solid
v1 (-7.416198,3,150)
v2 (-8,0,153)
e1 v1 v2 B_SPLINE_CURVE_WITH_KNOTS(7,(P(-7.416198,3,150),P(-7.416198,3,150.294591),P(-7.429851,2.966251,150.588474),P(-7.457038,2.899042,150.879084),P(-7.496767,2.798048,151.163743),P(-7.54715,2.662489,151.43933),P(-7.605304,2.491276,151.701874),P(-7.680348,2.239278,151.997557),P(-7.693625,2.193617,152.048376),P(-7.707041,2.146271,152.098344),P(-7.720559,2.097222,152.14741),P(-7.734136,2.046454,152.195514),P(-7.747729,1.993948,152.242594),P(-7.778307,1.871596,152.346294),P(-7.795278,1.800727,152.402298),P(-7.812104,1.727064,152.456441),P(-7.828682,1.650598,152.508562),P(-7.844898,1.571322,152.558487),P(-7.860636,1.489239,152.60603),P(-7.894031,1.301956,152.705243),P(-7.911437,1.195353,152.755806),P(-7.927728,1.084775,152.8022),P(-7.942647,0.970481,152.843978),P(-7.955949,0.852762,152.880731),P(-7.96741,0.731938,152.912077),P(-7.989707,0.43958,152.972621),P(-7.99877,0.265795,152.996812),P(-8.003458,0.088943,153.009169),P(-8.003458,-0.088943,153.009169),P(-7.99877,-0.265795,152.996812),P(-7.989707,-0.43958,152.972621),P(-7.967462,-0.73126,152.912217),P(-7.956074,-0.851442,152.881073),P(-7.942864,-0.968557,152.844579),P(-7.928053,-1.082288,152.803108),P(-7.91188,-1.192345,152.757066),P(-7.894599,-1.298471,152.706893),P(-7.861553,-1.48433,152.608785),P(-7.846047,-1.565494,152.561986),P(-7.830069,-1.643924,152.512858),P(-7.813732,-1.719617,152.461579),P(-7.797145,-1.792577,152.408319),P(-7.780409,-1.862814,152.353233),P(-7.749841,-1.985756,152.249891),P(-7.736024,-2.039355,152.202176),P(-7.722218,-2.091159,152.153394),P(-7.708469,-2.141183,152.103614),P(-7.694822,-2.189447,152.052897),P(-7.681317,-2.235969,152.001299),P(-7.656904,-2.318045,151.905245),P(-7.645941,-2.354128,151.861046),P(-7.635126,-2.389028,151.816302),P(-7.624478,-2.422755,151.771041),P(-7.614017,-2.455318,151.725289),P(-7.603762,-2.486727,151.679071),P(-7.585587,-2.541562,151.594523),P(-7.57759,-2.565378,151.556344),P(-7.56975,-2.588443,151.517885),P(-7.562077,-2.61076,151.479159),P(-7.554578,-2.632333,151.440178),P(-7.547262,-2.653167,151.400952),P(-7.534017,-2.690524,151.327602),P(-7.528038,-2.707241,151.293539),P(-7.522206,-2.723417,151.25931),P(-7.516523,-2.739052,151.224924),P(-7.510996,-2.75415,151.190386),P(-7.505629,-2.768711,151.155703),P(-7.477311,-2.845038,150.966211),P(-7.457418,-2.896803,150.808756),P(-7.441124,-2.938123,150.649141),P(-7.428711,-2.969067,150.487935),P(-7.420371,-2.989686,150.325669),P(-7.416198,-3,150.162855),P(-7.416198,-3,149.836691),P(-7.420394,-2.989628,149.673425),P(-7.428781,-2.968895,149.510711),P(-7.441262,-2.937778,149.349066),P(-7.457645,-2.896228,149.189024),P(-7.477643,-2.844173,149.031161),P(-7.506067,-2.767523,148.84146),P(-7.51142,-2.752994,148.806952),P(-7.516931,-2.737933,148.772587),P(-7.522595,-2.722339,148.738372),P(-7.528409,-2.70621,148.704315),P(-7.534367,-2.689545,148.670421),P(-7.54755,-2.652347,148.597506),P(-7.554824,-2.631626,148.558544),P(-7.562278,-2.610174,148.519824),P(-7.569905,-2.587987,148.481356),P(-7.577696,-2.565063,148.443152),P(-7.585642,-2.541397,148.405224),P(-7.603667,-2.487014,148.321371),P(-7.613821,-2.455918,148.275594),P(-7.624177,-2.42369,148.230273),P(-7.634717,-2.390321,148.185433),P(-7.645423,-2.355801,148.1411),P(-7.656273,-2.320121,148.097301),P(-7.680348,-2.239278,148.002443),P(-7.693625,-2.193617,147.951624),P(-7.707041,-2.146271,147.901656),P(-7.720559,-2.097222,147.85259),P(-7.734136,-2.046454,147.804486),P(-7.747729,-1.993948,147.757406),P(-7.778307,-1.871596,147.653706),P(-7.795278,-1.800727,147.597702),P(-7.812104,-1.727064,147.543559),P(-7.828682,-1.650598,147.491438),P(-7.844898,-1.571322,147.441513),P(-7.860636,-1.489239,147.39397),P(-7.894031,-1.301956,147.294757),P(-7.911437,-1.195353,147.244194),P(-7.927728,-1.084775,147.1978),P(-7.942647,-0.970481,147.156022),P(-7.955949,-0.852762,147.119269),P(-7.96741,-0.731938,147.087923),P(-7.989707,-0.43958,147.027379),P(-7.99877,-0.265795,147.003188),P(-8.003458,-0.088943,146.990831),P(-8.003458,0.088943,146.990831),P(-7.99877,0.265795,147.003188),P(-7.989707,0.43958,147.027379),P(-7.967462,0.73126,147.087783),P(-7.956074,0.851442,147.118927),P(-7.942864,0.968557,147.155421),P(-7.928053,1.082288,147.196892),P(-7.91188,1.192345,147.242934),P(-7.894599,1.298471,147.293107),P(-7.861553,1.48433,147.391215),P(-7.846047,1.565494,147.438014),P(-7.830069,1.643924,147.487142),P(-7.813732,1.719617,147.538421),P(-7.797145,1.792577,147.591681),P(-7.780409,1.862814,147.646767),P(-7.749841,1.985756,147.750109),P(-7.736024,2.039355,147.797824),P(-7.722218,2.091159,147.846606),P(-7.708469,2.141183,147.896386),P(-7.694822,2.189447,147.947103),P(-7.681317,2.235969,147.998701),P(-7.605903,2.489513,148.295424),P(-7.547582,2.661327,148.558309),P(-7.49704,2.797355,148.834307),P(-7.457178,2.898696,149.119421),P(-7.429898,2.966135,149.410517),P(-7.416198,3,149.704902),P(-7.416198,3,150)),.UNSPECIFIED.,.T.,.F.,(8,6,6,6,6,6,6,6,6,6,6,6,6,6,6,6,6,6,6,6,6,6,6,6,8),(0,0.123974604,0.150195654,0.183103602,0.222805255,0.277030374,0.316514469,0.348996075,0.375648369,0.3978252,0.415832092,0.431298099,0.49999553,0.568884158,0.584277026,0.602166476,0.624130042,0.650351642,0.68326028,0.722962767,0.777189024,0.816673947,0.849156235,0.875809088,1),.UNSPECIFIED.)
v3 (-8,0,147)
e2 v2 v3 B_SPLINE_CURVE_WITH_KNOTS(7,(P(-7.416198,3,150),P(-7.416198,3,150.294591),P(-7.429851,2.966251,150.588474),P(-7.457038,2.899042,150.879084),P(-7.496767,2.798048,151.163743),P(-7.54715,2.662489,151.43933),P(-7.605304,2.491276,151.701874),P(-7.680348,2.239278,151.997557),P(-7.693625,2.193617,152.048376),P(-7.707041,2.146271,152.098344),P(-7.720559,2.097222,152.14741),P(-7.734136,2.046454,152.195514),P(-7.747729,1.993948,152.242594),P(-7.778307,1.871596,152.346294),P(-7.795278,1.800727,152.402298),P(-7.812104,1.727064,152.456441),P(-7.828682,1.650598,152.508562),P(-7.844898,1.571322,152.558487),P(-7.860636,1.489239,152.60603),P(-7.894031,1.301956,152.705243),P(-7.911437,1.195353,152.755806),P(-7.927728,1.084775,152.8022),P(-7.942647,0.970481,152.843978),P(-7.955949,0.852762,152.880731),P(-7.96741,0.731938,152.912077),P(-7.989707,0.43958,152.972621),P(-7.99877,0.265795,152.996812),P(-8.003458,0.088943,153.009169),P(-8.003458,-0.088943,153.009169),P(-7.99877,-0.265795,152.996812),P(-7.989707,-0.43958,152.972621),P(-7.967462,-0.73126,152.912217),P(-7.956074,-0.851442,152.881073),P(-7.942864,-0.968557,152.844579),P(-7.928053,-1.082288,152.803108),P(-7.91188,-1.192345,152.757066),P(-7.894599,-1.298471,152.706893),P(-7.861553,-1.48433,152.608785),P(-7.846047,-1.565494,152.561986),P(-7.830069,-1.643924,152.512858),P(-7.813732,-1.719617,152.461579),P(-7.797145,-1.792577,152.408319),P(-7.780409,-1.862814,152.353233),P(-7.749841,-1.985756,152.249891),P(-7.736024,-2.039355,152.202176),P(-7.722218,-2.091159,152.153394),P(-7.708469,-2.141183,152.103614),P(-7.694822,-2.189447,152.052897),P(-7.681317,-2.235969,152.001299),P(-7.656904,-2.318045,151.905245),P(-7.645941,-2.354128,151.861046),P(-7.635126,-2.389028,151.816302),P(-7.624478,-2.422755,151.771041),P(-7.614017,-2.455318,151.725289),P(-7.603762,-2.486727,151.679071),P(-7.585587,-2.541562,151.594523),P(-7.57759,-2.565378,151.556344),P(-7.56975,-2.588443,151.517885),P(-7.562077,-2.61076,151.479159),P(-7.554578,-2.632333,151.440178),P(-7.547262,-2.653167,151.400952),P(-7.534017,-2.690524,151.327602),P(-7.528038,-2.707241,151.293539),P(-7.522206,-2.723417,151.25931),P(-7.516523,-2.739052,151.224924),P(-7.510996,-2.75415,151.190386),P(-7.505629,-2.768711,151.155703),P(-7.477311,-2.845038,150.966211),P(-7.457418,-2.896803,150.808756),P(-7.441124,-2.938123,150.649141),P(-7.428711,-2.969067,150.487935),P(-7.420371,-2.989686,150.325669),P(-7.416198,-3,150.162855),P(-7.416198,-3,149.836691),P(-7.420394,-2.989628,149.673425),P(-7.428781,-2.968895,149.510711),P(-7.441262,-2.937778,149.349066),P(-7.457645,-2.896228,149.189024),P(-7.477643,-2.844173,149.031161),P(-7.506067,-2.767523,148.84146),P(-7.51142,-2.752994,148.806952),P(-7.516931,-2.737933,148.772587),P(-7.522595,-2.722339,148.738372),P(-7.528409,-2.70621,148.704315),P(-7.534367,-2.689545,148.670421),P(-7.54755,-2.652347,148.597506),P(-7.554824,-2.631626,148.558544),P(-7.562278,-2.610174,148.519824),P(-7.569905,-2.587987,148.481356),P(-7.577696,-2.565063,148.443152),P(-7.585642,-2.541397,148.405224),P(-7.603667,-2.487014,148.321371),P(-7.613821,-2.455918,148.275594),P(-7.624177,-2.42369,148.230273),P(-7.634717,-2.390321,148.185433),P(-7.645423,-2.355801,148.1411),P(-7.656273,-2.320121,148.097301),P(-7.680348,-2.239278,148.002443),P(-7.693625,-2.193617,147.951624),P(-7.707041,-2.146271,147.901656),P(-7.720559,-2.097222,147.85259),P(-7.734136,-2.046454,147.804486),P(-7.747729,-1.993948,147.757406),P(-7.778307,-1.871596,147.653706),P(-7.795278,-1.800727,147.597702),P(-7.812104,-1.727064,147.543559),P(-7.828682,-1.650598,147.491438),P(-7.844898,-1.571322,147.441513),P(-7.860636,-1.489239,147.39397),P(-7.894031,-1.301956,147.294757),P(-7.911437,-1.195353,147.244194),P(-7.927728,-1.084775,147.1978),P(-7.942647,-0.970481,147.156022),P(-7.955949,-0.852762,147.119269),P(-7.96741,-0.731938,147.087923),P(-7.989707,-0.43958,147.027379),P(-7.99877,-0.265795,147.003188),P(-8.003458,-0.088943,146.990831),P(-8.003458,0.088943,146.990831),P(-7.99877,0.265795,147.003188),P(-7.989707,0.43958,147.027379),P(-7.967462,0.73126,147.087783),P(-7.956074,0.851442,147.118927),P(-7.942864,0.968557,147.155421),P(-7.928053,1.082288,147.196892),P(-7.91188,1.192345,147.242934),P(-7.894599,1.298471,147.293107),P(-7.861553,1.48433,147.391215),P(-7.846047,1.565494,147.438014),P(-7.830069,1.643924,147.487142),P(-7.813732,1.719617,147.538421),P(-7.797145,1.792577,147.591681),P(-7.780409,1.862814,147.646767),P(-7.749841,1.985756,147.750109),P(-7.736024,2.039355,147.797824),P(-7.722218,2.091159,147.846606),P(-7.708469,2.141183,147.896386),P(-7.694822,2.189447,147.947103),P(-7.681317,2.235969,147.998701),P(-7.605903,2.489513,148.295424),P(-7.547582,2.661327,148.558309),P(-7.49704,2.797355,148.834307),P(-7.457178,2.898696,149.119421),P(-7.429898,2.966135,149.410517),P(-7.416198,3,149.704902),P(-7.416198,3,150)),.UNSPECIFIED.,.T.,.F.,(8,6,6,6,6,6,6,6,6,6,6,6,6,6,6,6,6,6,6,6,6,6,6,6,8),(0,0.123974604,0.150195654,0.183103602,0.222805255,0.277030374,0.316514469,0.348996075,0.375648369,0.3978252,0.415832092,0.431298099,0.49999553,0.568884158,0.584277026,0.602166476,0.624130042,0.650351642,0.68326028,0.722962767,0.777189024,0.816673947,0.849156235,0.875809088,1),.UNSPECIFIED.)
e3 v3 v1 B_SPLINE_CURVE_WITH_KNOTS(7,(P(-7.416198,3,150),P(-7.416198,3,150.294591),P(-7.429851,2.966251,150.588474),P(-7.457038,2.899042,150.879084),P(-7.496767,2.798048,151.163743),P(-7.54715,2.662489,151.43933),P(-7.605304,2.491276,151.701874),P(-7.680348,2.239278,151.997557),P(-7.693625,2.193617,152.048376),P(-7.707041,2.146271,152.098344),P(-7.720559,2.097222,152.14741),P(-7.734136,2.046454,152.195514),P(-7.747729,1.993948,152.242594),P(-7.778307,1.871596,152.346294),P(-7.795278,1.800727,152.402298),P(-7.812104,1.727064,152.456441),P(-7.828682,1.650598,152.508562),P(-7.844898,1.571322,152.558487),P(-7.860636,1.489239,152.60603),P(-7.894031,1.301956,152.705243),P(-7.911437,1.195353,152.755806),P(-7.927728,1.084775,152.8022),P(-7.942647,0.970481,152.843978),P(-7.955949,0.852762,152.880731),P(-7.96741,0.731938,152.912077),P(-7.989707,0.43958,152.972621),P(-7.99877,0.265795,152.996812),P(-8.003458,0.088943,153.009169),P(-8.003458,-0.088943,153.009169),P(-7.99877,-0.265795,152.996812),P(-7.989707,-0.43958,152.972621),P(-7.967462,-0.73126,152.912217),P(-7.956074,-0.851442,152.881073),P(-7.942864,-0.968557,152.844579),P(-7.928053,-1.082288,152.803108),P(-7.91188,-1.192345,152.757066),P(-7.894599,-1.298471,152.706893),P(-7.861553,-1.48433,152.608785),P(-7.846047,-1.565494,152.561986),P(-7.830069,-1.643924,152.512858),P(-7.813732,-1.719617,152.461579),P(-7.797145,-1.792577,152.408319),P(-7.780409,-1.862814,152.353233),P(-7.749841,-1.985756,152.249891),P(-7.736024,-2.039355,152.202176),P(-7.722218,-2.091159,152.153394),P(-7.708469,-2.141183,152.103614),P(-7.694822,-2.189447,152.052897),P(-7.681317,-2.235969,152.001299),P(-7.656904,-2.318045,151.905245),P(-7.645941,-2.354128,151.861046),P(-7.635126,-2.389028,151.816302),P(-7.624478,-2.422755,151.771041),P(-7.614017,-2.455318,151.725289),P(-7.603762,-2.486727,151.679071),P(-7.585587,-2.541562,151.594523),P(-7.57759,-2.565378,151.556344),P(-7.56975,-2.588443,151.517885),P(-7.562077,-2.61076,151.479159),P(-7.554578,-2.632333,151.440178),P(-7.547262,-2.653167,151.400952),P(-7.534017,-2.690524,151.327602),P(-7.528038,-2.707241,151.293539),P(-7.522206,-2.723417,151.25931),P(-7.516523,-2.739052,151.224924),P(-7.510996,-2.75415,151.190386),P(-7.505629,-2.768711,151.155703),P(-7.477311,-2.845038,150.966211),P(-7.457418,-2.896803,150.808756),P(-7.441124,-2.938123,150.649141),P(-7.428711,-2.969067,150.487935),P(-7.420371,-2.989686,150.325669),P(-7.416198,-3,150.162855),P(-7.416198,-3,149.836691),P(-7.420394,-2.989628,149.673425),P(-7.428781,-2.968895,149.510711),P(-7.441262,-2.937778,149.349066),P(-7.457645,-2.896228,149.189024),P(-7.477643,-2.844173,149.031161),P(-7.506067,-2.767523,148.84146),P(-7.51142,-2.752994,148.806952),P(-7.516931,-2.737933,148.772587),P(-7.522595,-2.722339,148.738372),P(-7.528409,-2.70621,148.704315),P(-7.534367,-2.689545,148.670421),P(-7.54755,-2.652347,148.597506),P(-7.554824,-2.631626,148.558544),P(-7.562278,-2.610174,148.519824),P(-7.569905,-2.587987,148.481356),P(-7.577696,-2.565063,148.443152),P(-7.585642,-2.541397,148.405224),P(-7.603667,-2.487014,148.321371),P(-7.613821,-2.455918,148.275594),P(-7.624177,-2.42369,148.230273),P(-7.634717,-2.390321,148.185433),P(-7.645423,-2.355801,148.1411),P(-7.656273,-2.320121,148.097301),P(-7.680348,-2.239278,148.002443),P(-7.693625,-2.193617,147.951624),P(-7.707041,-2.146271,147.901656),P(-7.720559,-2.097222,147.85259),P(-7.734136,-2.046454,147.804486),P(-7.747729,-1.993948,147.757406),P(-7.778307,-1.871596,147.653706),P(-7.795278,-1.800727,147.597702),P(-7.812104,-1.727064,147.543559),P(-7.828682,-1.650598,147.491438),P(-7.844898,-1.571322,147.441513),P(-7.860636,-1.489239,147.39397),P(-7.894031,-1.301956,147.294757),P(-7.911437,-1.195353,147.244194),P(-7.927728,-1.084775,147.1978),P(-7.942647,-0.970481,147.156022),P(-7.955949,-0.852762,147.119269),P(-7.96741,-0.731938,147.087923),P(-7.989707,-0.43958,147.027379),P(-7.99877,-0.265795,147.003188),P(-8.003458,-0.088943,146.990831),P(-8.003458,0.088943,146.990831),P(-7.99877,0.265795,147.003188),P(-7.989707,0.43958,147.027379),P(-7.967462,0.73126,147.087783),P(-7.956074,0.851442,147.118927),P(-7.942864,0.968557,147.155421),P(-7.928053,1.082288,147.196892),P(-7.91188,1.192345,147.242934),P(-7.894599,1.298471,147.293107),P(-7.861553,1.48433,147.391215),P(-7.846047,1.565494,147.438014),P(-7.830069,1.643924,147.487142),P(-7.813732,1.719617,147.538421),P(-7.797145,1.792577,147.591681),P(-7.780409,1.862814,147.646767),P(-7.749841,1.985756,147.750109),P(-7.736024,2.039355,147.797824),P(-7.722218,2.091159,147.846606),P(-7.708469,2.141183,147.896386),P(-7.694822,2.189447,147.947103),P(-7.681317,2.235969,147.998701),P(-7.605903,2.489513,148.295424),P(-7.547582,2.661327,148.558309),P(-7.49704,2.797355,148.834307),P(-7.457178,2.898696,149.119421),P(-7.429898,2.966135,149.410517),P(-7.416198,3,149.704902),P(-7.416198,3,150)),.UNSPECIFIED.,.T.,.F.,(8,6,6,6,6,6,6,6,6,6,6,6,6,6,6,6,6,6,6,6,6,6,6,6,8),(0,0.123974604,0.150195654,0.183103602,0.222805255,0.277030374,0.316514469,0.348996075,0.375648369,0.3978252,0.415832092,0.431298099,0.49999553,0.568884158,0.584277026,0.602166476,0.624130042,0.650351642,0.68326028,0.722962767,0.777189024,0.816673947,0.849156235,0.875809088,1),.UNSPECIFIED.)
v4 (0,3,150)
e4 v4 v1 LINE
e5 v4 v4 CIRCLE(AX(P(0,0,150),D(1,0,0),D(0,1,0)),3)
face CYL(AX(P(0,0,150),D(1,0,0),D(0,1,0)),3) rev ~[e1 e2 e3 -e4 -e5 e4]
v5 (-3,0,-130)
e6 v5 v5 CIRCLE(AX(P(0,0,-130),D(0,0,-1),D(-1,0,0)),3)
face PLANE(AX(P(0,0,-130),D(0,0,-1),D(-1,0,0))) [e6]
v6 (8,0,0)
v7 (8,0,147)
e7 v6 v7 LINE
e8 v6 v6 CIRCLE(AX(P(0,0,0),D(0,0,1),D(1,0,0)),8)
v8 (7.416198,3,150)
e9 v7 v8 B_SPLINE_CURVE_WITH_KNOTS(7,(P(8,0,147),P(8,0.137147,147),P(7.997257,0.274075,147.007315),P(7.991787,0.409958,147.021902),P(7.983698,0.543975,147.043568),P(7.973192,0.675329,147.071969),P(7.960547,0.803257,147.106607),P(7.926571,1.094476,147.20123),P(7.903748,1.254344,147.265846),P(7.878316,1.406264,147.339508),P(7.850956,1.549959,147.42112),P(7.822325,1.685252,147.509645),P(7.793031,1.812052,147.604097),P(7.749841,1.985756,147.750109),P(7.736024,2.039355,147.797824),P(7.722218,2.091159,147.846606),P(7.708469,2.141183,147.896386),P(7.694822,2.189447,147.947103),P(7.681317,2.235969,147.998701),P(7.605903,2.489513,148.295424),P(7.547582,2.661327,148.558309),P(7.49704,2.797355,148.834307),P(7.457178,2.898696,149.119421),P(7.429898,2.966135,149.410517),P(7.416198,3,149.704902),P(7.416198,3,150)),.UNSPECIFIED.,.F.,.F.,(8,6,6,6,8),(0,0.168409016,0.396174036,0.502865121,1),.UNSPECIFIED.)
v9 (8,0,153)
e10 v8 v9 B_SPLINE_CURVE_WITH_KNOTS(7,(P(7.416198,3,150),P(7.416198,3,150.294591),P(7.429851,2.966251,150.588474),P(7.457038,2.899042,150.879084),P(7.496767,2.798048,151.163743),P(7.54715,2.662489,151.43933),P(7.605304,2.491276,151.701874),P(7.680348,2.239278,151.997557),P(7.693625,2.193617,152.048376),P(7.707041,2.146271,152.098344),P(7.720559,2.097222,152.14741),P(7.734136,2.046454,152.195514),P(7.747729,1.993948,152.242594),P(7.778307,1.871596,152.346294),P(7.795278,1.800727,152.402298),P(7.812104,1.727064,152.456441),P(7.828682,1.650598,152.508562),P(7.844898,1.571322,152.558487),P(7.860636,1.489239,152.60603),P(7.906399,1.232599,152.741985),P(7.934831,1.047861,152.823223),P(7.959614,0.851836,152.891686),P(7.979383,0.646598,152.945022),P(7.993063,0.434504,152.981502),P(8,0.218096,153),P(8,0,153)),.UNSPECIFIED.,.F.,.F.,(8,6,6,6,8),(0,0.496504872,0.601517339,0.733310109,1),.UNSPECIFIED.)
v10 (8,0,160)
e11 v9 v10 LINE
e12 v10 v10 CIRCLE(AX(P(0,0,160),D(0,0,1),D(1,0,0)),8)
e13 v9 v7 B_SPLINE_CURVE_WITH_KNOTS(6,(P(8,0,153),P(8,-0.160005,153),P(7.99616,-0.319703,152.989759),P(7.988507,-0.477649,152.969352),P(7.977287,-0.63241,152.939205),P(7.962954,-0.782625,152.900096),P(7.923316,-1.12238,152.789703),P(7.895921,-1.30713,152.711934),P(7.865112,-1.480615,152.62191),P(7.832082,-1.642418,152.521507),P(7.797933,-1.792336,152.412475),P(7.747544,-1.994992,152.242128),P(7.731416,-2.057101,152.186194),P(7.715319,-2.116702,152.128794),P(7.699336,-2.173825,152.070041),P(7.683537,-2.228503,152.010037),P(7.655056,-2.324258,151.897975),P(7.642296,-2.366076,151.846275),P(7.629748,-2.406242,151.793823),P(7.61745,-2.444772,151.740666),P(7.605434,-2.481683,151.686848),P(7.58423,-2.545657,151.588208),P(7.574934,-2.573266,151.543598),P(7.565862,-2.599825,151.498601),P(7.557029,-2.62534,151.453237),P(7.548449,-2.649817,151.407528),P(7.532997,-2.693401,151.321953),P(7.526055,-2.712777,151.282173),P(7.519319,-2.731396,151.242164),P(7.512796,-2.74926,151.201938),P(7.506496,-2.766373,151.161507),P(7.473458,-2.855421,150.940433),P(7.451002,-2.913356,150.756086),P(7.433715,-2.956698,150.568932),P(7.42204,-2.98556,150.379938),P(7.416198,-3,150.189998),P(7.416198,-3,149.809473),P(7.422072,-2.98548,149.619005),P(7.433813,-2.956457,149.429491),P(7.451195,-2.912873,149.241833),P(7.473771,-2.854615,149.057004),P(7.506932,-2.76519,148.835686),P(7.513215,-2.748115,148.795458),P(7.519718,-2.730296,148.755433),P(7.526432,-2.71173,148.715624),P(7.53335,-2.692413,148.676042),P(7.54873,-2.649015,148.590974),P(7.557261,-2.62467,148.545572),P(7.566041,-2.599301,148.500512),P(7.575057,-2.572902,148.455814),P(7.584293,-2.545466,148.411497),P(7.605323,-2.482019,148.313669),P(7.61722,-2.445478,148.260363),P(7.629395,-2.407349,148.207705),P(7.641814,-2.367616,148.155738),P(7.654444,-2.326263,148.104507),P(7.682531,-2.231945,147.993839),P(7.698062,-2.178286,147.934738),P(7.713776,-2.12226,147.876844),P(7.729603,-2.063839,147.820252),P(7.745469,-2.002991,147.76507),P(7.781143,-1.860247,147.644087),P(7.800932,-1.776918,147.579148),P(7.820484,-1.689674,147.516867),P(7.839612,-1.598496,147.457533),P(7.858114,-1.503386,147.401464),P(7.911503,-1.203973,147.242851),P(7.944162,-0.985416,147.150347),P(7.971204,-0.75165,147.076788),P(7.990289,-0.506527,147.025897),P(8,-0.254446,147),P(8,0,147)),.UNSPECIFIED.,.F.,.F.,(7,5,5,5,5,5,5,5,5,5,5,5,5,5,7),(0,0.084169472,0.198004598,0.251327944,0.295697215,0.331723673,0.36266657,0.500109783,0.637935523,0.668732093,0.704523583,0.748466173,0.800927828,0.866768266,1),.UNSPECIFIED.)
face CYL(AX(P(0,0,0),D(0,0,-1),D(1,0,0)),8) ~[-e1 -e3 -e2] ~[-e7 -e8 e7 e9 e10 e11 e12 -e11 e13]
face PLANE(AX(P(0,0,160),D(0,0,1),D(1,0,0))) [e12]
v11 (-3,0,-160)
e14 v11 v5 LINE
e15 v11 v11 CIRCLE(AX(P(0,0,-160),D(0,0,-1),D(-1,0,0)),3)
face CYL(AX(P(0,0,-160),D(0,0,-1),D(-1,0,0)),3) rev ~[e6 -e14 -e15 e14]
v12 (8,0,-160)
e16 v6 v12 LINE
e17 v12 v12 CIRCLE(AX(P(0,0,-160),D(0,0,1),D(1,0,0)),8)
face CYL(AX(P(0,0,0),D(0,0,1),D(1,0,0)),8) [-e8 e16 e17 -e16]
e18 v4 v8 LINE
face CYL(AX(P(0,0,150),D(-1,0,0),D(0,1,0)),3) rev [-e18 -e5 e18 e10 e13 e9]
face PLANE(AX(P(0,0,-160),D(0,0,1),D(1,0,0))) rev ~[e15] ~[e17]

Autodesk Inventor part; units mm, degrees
ref_plane "YZ Plane" through (0, 0, 0) normal (1, 0, 0) x (0, 1, 0)
ref_plane "XZ Plane" through (0, 0, 0) normal (0, 1, 0) x (-1, 0, 0)
ref_plane "XY Plane" through (0, 0, 0) normal (0, 0, 1) x (1, 0, 0)
sketch "Skizze1" plane through (0, 0, 0) normal (0, 0, 1) x (1, 0, 0)
  circle A0 centre (0, 0) radius 8
  dimension "d0" = 16
extrude "Extrusion1" add sketch "Skizze1" along normal mid plane 320
sketch "Skizze6" plane through (0, 0, 0) normal (1, 0, 0) x (0, 1, 0)
  circle A0 centre (0, 150) radius 3
  line L0 (-4.2, 0) -> (4.2, 0) projected
  point P0 (0, 0)
  dimension "d16" = 6
  dimension "d19" = 150
extrude "Extrusion4" cut sketch "Skizze6" along normal mid plane 16
sketch "Skizze7" plane through (0, 0, -160) normal (0, 0, -1) x (-1, 0, 0)
  circle A0 centre (0, 0) radius 3
  dimension "d20" = 6
extrude "Extrusion5" cut sketch "Skizze7" against normal blind 30
thread "Gewinde2" size "M6x1" class "6H" standard "ANSI Metric M Profile" full length
properties part number "Hauptpfeiler"
